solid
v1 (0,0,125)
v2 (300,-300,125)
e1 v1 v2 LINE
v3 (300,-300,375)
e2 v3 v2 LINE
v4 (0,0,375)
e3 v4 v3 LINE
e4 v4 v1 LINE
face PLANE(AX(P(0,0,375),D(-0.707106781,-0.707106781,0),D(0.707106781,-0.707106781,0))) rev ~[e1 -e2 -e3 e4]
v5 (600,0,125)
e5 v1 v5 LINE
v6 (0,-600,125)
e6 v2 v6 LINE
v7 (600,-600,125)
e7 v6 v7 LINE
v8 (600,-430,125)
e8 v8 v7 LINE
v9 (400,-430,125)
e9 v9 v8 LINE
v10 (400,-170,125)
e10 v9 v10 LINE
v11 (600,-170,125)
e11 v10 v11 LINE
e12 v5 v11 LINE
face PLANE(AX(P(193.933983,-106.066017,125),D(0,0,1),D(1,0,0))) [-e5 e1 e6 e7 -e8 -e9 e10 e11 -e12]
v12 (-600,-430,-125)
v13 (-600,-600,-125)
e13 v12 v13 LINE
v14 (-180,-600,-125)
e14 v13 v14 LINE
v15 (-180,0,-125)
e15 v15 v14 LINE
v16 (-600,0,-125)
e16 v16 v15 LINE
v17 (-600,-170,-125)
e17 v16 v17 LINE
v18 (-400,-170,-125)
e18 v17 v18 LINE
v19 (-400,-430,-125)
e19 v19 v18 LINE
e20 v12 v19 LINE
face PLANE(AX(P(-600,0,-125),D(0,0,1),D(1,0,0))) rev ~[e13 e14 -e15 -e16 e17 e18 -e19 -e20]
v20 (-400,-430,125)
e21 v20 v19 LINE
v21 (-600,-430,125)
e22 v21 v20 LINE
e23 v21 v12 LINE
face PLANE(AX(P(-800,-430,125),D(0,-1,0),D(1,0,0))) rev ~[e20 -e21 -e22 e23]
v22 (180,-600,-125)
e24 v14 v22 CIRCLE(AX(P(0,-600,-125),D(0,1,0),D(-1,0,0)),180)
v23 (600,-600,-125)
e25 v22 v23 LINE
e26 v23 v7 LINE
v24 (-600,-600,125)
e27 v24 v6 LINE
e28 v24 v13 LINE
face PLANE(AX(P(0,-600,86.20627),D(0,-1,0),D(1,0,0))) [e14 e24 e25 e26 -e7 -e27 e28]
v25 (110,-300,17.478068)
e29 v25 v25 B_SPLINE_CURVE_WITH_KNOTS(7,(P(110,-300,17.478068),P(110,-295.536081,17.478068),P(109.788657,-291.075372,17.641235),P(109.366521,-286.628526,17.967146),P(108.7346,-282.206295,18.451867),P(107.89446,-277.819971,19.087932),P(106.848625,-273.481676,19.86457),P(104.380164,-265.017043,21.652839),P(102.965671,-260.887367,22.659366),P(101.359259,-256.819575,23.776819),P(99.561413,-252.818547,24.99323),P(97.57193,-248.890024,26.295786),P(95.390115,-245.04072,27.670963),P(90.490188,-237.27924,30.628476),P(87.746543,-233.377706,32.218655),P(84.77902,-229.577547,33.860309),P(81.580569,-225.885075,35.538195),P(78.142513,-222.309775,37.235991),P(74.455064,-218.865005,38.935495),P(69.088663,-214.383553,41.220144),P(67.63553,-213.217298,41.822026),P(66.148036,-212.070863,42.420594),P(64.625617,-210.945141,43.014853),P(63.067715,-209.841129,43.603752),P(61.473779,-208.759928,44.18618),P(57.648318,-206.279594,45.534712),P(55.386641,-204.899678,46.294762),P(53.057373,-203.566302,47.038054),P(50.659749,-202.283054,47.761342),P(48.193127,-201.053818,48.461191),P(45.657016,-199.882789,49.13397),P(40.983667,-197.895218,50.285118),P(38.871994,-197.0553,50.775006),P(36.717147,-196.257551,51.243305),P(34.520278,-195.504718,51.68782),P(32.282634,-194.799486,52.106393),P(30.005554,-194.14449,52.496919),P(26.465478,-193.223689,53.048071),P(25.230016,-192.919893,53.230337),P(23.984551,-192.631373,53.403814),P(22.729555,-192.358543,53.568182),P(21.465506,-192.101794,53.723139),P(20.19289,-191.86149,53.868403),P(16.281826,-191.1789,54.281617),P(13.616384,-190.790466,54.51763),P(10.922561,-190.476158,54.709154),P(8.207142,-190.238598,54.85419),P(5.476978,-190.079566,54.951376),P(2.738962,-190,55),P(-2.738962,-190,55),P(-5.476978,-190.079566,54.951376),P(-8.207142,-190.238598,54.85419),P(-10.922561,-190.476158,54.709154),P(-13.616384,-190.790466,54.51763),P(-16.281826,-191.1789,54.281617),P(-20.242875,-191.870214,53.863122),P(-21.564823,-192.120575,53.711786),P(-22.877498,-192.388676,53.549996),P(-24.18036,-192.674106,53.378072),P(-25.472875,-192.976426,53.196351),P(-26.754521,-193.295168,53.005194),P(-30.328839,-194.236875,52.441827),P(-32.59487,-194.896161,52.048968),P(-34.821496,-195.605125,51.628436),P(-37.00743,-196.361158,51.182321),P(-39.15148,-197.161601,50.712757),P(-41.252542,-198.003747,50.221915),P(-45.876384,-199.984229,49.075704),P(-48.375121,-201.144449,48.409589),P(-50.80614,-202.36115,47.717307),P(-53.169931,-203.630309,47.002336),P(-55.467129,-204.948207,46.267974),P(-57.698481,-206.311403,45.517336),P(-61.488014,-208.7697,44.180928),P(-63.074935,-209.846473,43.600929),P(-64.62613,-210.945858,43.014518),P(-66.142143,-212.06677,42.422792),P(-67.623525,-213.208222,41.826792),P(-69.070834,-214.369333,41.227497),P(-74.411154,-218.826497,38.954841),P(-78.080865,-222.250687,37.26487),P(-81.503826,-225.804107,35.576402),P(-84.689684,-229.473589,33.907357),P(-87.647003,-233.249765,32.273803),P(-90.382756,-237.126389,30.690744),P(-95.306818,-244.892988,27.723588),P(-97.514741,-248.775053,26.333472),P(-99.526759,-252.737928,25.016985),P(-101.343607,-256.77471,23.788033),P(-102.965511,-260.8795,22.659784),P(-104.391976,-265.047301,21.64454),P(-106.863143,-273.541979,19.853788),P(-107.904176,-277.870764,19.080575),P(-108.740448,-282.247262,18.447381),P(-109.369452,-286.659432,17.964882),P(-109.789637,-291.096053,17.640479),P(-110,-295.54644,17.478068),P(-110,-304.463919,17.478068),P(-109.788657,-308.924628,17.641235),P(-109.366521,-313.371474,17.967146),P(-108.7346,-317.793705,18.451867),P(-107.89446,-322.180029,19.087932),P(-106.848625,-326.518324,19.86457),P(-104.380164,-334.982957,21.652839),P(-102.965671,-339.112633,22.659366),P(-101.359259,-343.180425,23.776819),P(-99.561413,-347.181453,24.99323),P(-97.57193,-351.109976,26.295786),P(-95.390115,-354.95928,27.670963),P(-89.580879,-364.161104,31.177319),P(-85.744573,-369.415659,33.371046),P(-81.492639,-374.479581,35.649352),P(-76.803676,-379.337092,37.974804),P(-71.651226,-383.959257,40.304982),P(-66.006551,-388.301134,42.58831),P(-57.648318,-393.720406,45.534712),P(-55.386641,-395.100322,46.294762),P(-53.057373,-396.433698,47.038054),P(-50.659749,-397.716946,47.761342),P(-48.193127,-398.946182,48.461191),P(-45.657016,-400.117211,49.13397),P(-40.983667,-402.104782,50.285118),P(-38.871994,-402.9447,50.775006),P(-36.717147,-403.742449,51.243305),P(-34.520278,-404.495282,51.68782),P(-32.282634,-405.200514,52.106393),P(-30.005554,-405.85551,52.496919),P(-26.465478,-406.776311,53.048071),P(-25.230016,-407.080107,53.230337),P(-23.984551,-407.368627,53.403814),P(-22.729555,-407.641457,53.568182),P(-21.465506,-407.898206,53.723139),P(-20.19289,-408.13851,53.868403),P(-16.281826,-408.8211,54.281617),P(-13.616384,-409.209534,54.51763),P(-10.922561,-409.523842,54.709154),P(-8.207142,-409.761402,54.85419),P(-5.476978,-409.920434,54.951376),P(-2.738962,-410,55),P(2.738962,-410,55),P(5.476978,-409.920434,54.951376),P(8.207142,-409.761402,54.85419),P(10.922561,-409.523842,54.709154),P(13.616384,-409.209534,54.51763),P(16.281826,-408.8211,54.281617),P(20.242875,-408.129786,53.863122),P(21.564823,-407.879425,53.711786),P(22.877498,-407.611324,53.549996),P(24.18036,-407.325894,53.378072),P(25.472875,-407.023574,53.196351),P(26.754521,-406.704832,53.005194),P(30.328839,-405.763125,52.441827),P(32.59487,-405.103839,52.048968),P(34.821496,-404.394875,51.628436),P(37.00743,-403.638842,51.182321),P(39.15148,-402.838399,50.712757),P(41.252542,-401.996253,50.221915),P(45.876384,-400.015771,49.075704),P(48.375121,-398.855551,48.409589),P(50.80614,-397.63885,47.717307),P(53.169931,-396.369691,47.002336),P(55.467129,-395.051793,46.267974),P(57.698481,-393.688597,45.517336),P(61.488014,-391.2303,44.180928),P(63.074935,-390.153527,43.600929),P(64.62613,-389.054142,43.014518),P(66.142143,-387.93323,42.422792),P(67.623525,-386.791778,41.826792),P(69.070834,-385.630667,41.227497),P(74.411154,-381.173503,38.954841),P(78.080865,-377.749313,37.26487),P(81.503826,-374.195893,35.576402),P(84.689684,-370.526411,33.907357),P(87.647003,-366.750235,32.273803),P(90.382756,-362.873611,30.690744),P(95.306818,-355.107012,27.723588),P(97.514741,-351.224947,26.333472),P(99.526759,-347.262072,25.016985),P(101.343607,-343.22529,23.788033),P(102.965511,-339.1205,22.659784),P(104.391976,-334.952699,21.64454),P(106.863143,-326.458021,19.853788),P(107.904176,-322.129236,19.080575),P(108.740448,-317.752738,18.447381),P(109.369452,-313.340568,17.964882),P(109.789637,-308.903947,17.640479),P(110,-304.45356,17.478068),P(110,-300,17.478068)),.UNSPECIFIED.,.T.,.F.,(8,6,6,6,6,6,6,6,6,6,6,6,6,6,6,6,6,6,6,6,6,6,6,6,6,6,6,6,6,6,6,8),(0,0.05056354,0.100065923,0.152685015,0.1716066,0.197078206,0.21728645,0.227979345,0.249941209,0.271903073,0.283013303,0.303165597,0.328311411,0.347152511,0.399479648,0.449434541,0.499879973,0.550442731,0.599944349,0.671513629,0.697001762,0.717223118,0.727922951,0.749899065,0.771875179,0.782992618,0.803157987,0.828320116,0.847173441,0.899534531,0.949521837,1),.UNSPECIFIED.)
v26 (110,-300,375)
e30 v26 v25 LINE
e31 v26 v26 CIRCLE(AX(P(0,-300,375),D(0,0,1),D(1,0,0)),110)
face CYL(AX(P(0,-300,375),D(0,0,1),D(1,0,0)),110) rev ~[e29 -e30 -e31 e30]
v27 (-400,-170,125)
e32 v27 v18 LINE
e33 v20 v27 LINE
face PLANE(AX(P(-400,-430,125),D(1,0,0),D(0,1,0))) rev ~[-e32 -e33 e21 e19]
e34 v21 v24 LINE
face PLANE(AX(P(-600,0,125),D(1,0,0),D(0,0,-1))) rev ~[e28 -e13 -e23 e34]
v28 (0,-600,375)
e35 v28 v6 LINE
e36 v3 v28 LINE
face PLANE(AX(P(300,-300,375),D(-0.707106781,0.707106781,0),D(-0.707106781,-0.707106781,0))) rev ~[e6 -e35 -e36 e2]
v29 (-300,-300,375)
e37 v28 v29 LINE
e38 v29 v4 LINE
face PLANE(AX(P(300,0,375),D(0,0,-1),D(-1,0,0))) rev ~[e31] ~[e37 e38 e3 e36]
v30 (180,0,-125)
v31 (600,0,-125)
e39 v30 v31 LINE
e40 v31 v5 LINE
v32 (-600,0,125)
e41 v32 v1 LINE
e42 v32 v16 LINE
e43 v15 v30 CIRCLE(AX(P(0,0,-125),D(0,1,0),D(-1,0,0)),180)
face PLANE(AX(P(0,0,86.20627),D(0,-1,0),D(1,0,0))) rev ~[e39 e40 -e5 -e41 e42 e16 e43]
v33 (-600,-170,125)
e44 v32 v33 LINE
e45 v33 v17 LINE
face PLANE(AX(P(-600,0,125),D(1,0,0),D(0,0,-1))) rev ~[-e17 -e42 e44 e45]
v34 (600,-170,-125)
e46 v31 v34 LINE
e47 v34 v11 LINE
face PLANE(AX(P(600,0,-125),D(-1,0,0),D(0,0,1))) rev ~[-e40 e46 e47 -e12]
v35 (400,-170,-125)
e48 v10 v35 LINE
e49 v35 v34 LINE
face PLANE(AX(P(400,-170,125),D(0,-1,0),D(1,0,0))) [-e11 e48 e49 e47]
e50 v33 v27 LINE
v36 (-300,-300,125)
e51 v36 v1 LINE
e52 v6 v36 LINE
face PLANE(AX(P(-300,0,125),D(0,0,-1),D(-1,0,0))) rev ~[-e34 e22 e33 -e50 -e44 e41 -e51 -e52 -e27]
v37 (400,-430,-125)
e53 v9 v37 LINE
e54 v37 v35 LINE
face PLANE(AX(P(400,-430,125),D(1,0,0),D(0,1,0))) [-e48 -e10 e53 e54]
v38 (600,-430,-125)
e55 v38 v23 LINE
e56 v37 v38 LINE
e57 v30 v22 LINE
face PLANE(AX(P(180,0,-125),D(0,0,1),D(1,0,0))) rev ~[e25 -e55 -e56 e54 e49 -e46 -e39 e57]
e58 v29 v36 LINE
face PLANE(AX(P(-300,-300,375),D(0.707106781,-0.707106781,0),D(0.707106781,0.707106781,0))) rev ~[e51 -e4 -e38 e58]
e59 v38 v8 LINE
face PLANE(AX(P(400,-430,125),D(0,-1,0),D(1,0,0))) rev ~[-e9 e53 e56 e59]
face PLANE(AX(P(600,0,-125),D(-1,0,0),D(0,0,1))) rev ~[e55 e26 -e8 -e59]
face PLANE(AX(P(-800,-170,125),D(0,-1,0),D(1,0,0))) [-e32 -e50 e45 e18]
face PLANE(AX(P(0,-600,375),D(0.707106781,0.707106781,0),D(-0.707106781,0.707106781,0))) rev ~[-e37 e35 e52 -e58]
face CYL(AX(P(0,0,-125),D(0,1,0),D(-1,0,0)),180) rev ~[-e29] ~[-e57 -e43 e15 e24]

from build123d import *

# Parameters (mm, degrees)
F1_DEPTH  = 600
F2_W      = 400
F2_H      = 260
F3_DEPTH  = 250.001
F5_DEPTH  = 250.001
F4_W      = 400
F4_H      = 260
F6_DEPTH  = 250.001
F8_DEPTH  = 250
F10_DEPTH = 250
F12_DEPTH = 250
F14_DEPTH = 250
F15_R     = 110
F16_DEPTH = 500.001


with BuildPart() as f1:
    # F0 (on Front) → F1 (new body)
    with BuildSketch(Plane.XZ):
        with BuildLine():
            Line((-600, 125), (-600, -125))
            Line((-600, -125), (-180, -125))
            ThreePointArc((-180, -125), (0, 55), (180, -125))
            Line((180, -125), (600, -125))
            Line((600, -125), (600, 125))
            Line((600, 125), (300, 125))
            Line((300, 125), (300, 375))
            Line((300, 375), (-300, 375))
            Line((-300, 375), (-300, 125))
            Line((-300, 125), (-600, 125))
        make_face()
    extrude(amount=F1_DEPTH)

    # F2 (on face) → F3 (cut, through all)
    with BuildSketch(Plane.XY.offset(125)):
        with Locations((600, -300)):
            Rectangle(F2_W, F2_H)
    extrude(amount=-F3_DEPTH, mode=Mode.SUBTRACT)

    # F2 (on face) → F5 (cut, through all)
    with BuildSketch(Plane.XY.offset(125)):
        with Locations((600, -300)):
            Rectangle(F2_W, F2_H)
    extrude(amount=-F5_DEPTH, mode=Mode.SUBTRACT)

    # F4 (on face) → F6 (cut, through all)
    with BuildSketch(Plane.XY.offset(125)):
        with Locations((-600, -300)):
            Rectangle(F4_W, F4_H)
    extrude(amount=-F6_DEPTH, mode=Mode.SUBTRACT)

    # F7 (on face) → F8 (cut)
    with BuildSketch(Plane.XY.offset(375)):
        Polygon((300, -300), (0, -600), (300, -600), align=None)
    extrude(amount=-F8_DEPTH, mode=Mode.SUBTRACT)

    # F9 (on face) → F10 (cut)
    with BuildSketch(Plane.XY.offset(375)):
        Polygon((-300, -600), (0, -600), (-300, -300), align=None)
    extrude(amount=-F10_DEPTH, mode=Mode.SUBTRACT)

    # F11 (on face) → F12 (cut)
    with BuildSketch(Plane.XY.offset(375)):
        Polygon((300, -300), (300, 0), (0, 0), align=None)
    extrude(amount=-F12_DEPTH, mode=Mode.SUBTRACT)

    # F13 (on face) → F14 (cut)
    with BuildSketch(Plane.XY.offset(375)):
        Polygon((0, 0), (-300, 0), (-300, -300), align=None)
    extrude(amount=-F14_DEPTH, mode=Mode.SUBTRACT)

    # F15 (on face) → F16 (cut, through all)
    with BuildSketch(Plane.XY.offset(375)):
        with Locations((0, -300)):
            Circle(F15_R)
    extrude(amount=-F16_DEPTH, mode=Mode.SUBTRACT)


solid = f1.part
